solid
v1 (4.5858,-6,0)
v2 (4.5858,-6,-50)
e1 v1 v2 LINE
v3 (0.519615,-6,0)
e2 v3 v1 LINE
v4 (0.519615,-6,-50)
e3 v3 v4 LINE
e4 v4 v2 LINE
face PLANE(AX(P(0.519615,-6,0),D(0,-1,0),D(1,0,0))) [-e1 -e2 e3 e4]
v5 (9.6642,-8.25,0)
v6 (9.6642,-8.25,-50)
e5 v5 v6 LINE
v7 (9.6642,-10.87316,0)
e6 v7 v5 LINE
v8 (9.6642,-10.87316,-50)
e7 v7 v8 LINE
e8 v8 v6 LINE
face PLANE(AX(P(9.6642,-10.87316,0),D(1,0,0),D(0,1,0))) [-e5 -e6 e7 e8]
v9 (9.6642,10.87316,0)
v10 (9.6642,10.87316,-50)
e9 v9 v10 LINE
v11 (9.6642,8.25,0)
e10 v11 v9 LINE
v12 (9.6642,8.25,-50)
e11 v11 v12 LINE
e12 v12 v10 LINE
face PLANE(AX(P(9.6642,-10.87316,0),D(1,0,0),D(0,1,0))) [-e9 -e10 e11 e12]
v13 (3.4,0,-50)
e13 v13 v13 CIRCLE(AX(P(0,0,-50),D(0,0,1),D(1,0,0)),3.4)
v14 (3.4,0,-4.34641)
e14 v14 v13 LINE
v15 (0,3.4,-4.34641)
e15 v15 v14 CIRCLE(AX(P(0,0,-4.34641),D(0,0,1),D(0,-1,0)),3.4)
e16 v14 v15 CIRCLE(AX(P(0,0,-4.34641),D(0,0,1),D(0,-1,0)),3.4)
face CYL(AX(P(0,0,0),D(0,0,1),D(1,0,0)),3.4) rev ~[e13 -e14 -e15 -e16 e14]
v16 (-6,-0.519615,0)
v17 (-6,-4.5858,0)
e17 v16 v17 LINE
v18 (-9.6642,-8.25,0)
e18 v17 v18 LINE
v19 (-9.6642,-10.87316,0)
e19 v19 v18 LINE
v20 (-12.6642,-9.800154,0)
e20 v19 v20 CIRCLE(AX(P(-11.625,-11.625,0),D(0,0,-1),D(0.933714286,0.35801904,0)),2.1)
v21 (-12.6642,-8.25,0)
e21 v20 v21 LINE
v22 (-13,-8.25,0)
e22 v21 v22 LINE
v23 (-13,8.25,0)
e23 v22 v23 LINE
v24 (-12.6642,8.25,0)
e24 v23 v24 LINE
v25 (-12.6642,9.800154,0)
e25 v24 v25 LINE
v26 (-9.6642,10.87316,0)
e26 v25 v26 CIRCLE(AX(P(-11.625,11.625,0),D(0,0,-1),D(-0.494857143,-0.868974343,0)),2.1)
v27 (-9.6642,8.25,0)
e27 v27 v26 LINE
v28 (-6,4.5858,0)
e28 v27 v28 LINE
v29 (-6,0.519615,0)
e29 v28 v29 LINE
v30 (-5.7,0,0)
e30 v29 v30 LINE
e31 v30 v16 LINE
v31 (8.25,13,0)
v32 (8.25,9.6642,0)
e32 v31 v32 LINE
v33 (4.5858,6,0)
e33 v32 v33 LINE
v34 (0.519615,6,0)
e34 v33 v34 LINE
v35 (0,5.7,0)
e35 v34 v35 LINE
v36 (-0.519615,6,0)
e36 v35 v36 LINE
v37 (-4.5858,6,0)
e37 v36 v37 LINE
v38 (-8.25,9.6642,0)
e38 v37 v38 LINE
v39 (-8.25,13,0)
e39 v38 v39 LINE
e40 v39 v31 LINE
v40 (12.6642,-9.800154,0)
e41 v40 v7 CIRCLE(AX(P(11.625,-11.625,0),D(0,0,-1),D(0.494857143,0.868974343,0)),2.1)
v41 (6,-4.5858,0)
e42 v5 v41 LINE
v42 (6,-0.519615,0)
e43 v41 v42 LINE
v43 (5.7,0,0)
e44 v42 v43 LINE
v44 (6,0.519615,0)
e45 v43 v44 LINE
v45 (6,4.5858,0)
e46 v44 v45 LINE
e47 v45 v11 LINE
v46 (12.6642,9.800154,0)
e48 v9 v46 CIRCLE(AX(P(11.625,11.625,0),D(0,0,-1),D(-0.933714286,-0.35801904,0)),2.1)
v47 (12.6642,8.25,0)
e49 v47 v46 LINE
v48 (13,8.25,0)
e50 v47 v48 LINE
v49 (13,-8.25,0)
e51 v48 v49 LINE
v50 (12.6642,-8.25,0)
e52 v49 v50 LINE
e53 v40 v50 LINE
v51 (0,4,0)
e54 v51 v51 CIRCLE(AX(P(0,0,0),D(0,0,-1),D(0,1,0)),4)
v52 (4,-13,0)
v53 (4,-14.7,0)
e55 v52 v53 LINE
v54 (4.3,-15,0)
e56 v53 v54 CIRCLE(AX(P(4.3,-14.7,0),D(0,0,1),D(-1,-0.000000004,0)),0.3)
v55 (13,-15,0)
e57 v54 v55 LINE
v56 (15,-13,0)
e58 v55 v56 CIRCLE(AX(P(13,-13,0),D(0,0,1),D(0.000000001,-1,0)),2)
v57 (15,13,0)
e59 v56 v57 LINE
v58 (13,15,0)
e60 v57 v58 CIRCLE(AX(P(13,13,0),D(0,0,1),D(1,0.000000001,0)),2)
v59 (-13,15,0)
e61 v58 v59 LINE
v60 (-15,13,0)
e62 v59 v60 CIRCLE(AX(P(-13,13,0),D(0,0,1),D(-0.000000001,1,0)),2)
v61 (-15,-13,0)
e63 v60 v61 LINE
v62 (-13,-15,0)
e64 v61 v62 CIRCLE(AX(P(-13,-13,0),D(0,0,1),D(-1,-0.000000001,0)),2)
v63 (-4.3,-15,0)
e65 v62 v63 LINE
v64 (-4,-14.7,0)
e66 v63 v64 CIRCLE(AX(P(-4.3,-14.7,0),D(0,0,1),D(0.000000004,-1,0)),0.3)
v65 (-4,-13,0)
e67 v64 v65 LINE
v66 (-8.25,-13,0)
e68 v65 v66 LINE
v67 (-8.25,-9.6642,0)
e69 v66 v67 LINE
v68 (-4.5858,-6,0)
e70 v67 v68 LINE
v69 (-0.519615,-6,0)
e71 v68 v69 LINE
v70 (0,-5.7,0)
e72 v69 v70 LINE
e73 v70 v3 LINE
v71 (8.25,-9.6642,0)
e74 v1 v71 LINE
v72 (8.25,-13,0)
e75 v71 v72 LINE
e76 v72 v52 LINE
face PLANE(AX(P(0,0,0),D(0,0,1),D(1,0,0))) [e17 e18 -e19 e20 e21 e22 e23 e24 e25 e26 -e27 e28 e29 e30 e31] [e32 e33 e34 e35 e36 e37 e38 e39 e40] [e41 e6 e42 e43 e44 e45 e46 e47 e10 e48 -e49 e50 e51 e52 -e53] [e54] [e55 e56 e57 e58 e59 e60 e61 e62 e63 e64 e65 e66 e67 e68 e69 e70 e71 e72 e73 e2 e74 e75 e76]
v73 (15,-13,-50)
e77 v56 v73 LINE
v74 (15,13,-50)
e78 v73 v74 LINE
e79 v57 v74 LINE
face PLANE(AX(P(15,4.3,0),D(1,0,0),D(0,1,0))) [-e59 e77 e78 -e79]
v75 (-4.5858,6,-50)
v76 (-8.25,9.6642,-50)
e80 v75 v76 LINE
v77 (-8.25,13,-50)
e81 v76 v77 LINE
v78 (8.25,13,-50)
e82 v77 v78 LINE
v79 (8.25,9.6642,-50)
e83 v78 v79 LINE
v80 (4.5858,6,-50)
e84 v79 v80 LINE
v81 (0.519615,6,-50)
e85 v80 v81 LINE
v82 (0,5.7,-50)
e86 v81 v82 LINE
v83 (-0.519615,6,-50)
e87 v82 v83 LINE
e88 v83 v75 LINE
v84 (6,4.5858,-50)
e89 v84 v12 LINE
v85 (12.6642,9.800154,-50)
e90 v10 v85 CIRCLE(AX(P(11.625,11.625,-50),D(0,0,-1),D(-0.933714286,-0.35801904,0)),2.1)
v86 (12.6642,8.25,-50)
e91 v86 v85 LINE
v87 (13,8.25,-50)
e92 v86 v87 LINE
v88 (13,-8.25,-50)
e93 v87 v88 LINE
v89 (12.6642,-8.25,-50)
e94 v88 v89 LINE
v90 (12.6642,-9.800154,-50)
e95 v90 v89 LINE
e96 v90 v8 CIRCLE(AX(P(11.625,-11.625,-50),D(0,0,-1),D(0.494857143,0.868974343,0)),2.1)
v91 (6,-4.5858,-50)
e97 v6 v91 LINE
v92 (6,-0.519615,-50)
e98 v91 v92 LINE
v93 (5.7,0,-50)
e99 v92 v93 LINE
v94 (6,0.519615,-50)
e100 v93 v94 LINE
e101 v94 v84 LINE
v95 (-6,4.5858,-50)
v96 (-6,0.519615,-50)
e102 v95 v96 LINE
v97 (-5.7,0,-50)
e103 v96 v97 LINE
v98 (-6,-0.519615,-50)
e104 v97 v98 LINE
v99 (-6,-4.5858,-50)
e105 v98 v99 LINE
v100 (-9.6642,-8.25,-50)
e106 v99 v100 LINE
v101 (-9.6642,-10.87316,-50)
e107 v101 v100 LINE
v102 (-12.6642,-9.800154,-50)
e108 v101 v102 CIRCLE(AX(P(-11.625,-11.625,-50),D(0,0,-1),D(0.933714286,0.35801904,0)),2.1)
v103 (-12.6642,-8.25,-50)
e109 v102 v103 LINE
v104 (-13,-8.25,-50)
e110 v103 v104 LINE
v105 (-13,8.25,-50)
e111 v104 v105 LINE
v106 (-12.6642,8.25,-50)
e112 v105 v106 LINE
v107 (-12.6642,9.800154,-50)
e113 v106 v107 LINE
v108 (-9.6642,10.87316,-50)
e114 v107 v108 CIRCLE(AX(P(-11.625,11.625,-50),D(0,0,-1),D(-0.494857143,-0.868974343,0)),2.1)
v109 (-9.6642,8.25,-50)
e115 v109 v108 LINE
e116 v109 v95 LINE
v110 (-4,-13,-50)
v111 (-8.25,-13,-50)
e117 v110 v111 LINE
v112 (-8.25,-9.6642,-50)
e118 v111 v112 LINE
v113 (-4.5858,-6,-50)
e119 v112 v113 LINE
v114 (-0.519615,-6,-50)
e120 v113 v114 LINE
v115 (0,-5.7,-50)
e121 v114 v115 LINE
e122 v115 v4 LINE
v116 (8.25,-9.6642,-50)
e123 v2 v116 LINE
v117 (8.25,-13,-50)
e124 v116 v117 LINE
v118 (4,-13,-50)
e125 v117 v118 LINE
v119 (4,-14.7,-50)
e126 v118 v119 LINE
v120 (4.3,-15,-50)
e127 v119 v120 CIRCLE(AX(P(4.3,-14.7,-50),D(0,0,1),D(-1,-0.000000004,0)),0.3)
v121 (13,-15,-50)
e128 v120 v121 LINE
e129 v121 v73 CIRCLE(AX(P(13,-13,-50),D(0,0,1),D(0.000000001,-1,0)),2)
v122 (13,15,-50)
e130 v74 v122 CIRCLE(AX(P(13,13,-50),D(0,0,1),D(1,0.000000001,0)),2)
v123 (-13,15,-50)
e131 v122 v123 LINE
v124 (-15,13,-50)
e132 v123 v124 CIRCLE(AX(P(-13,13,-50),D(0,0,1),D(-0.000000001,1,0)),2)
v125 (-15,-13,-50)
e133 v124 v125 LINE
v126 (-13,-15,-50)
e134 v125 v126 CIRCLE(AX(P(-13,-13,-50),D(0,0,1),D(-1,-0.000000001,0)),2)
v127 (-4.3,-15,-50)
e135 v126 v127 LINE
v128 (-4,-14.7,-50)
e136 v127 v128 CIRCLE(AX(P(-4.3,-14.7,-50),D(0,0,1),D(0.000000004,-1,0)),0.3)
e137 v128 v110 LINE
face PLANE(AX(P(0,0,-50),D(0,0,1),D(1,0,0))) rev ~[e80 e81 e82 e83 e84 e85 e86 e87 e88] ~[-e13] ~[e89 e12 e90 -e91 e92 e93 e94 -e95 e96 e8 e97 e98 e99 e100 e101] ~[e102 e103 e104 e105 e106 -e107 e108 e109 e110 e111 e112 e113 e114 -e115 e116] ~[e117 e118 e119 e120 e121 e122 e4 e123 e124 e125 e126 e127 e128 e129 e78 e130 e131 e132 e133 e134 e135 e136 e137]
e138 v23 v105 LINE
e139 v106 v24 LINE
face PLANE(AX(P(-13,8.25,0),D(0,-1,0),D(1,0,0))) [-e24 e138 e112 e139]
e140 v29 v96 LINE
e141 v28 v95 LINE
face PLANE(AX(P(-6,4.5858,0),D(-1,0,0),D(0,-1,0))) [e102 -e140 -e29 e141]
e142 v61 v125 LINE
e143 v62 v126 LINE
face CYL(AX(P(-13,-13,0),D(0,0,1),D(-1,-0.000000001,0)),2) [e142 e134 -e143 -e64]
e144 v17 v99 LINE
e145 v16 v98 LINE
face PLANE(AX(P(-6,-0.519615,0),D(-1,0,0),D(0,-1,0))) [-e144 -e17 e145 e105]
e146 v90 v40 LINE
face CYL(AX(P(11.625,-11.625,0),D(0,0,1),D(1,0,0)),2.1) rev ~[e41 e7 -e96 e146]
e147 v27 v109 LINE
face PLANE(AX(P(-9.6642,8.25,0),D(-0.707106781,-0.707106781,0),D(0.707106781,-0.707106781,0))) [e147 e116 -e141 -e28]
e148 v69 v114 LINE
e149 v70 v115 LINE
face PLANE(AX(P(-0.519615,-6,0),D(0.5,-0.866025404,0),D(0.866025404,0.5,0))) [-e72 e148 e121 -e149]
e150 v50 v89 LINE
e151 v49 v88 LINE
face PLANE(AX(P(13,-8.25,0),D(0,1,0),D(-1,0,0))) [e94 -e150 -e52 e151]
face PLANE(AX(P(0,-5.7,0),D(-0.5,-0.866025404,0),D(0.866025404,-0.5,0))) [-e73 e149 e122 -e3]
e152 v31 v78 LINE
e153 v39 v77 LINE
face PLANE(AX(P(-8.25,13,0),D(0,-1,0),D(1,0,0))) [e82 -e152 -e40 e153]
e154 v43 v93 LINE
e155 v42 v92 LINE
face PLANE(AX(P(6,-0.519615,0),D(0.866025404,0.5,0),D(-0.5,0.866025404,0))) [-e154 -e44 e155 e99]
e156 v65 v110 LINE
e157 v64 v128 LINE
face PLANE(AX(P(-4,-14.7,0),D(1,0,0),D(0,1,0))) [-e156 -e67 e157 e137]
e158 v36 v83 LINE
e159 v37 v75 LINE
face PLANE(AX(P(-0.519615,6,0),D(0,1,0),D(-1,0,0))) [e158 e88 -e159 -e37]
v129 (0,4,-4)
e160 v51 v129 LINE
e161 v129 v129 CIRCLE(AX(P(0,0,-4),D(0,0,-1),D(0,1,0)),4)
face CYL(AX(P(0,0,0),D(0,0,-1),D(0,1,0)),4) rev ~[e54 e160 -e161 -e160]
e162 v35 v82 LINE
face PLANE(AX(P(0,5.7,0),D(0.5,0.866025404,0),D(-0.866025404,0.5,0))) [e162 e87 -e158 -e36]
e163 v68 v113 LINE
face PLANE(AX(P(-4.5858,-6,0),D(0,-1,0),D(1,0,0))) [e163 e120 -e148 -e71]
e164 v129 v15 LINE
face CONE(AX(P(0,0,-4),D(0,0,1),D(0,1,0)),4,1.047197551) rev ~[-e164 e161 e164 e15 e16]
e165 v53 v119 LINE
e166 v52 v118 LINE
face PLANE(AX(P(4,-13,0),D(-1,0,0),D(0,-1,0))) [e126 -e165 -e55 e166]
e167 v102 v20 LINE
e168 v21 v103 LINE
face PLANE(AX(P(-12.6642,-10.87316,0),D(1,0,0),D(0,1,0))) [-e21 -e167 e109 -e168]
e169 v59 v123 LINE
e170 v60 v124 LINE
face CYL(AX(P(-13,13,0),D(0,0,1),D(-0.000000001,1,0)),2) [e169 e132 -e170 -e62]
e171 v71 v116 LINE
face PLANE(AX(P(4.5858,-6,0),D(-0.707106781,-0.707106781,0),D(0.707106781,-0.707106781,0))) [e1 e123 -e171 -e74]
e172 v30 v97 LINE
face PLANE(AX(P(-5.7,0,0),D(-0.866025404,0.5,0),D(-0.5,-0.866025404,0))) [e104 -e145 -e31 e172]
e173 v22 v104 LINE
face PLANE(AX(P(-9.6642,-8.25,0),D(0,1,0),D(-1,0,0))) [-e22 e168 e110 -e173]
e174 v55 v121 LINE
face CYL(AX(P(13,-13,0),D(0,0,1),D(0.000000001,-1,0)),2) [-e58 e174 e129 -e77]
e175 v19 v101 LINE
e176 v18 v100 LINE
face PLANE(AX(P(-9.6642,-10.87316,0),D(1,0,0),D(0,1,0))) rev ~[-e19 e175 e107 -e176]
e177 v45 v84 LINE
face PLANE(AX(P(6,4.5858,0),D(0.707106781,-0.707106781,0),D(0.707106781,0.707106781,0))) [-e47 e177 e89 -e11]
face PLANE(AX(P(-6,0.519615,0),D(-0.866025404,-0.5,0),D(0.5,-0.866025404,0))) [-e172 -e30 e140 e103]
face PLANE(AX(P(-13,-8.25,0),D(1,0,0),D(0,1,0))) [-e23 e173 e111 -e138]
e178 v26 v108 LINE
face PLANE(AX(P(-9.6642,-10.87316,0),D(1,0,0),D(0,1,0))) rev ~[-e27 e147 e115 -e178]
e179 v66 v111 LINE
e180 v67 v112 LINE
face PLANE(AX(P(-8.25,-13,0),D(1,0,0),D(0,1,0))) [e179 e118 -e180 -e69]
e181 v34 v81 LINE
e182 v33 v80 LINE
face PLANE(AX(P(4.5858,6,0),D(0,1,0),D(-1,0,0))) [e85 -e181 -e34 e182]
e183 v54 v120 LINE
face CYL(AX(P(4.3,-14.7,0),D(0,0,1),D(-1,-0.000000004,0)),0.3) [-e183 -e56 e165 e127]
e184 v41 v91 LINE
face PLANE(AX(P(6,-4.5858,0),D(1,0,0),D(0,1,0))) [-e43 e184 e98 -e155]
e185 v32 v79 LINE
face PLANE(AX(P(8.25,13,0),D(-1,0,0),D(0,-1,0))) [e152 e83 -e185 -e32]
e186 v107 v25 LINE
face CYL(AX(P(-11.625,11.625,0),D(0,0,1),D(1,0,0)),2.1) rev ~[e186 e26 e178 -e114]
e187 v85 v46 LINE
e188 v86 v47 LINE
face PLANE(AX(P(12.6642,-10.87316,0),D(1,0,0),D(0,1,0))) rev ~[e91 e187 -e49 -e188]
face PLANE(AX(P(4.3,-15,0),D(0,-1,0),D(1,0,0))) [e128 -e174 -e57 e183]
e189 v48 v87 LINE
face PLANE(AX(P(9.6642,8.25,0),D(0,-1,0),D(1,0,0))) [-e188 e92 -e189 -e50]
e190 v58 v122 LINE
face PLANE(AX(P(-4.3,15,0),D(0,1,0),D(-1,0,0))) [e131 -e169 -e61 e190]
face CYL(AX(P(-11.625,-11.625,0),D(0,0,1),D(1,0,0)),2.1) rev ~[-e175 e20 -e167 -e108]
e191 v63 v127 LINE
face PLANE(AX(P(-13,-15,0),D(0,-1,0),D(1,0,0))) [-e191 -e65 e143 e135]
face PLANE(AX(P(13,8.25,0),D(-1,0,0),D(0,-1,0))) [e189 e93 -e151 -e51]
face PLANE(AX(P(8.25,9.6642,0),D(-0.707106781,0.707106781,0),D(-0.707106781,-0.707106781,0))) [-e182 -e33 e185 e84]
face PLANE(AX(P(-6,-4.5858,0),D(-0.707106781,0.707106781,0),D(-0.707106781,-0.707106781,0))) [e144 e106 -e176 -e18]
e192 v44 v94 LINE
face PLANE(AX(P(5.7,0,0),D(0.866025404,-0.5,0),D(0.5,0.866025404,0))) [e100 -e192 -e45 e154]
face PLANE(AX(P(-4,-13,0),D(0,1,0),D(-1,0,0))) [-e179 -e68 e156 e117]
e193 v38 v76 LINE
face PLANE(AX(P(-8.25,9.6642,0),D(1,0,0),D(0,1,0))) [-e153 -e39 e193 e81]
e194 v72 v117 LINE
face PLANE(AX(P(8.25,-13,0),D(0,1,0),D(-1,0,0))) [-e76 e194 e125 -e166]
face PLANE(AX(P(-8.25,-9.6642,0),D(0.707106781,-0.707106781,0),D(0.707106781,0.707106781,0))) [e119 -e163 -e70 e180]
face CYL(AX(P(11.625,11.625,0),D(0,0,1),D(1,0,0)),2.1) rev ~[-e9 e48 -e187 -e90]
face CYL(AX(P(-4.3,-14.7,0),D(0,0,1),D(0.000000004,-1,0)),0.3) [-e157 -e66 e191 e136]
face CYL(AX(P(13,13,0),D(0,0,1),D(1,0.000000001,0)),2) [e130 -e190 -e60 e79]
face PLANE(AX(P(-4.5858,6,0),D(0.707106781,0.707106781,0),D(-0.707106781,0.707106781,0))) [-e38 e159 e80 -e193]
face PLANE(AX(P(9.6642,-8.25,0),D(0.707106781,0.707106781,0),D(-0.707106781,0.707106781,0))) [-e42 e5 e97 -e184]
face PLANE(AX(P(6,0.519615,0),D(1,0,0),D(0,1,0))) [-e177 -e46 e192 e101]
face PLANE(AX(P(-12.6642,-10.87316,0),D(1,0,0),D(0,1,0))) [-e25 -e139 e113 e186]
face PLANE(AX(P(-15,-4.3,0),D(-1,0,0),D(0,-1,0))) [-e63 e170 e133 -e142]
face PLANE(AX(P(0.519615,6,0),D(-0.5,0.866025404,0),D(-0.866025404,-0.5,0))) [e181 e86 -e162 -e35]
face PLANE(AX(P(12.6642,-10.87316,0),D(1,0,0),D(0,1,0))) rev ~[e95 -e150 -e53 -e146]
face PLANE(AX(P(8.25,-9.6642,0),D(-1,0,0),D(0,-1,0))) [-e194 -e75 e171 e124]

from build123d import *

# Parameters (mm, degrees)
SKETCH1_R           = 2.1
SKETCH1_R_2         = 3.4
BOSS_EXTRUDE1_DEPTH = 50
SKETCH3_W           = 2
SKETCH3_H           = 9.175206629
SKETCH3_W_2         = 11.07645362
SKETCH3_H_2         = 2
SKETCH3_H_3         = 11.915453224
BOSS_EXTRUDE2_DEPTH = 50
SKETCH4_W           = 3
SKETCH4_H           = 21.746320034
CUT_EXTRUDE1_DEPTH  = 51


with BuildPart() as part:
    # Sketch1 → Boss-Extrude1 (new body)
    with BuildSketch(Plane.XY):
        with BuildLine():
            Line((-15, 13), (-15, 4.3))
            ThreePointArc((-15, 4.3), (-14.912132034, 4.087867966), (-14.7, 4))
            Line((-14.7, 4), (-13, 4))
            Line((-13, 4), (-13, 8.25))
            Line((-13, 8.25), (-9.6642, 8.25))
            Line((-9.6642, 8.25), (-6, 4.5858))
            Line((-6, 4.5858), (-6, 0.519615242))
            Line((-6, 0.519615242), (-5.7, 0))
            Line((-5.7, 0), (-6, -0.519615242))
            Line((-6, -0.519615242), (-6, -4.5858))
            Line((-6, -4.5858), (-9.6642, -8.25))
            Line((-9.6642, -8.25), (-13, -8.25))
            Line((-13, -8.25), (-13, -4))
            Line((-13, -4), (-14.7, -4))
            ThreePointArc((-14.7, -4), (-14.912132034, -4.087867966), (-15, -4.3))
            Line((-15, -4.3), (-15, -13))
            ThreePointArc((-15, -13), (-14.414213562, -14.414213562), (-13, -15))
            Line((-13, -15), (-4.3, -15))
            ThreePointArc((-4.3, -15), (-4.087867966, -14.912132034), (-4, -14.7))
            Line((-4, -14.7), (-4, -13))
            Line((-4, -13), (-8.25, -13))
            Line((-8.25, -13), (-8.25, -9.6642))
            Line((-8.25, -9.6642), (-4.5858, -6))
            Line((-4.5858, -6), (-0.519615242, -6))
            Line((-0.519615242, -6), (0, -5.7))
            Line((0, -5.7), (0.519615242, -6))
            Line((0.519615242, -6), (4.5858, -6))
            Line((4.5858, -6), (8.25, -9.6642))
            Line((8.25, -9.6642), (8.25, -13))
            Line((8.25, -13), (4, -13))
            Line((4, -13), (4, -14.7))
            ThreePointArc((4, -14.7), (4.087867966, -14.912132034), (4.3, -15))
            Line((4.3, -15), (13, -15))
            ThreePointArc((13, -15), (14.414213562, -14.414213562), (15, -13))
            Line((15, -13), (15, -4.3))
            ThreePointArc((15, -4.3), (14.912132034, -4.087867966), (14.7, -4))
            Line((14.7, -4), (13, -4))
            Line((13, -4), (13, -8.25))
            Line((13, -8.25), (9.6642, -8.25))
            Line((9.6642, -8.25), (6, -4.5858))
            Line((6, -4.5858), (6, -0.519615242))
            Line((6, -0.519615242), (5.7, 0))
            Line((5.7, 0), (6, 0.519615242))
            Line((6, 0.519615242), (6, 4.5858))
            Line((6, 4.5858), (9.6642, 8.25))
            Line((9.6642, 8.25), (13, 8.25))
            Line((13, 8.25), (13, 4))
            Line((13, 4), (14.7, 4))
            ThreePointArc((14.7, 4), (14.912132034, 4.087867966), (15, 4.3))
            Line((15, 4.3), (15, 13))
            ThreePointArc((15, 13), (14.414213562, 14.414213562), (13, 15))
            Line((13, 15), (4.3, 15))
            ThreePointArc((4.3, 15), (4.087867966, 14.912132034), (4, 14.7))
            Line((4, 14.7), (4, 13))
            Line((4, 13), (8.25, 13))
            Line((8.25, 13), (8.25, 9.6642))
            Line((8.25, 9.6642), (4.5858, 6))
            Line((4.5858, 6), (0.519615242, 6))
            Line((0.519615242, 6), (0, 5.7))
            Line((0, 5.7), (-0.519615242, 6))
            Line((-0.519615242, 6), (-4.5858, 6))
            Line((-4.5858, 6), (-8.25, 9.6642))
            Line((-8.25, 9.6642), (-8.25, 13))
            Line((-8.25, 13), (-4, 13))
            Line((-4, 13), (-4, 14.7))
            ThreePointArc((-4, 14.7), (-4.087867966, 14.912132034), (-4.3, 15))
            Line((-4.3, 15), (-13, 15))
            ThreePointArc((-13, 15), (-14.414213562, 14.414213562), (-15, 13))
        make_face()
        with Locations((11.625, -11.625)):
            Circle(SKETCH1_R, mode=Mode.SUBTRACT)
        with Locations((11.625, 11.625)):
            Circle(SKETCH1_R, mode=Mode.SUBTRACT)
        Circle(SKETCH1_R_2, mode=Mode.SUBTRACT)
        with Locations((-11.625, -11.625)):
            Circle(SKETCH1_R, mode=Mode.SUBTRACT)
        with Locations((-11.625, 11.625)):
            Circle(SKETCH1_R, mode=Mode.SUBTRACT)
    extrude(amount=-BOSS_EXTRUDE1_DEPTH)

    # Sketch2 → Cut-Revolve1 (revolve, cut)
    with BuildSketch(Plane(origin=(0, 0, 0), x_dir=(-1, 0, 0), z_dir=(0, 1, 0))):
        Polygon((0, -28.31882362), (-3.3235, -26.4), (-3.3235, -0.6765), (-4, 0), (0, 0), align=None)
    revolve(axis=Axis((0, 0, 0), (0, 0, -1)), mode=Mode.SUBTRACT)

    # Sketch3 → Boss-Extrude2 (add)
    with BuildSketch(Plane.XY):
        with Locations((-14, -0.287603314)):
            Rectangle(SKETCH3_W, SKETCH3_H)
        with Locations((-0.643781897, 14)):
            Rectangle(SKETCH3_W_2, SKETCH3_H_2)
        with Locations((14, -0.392977161)):
            Rectangle(SKETCH3_W, SKETCH3_H_3)
    extrude(amount=-BOSS_EXTRUDE2_DEPTH)

    # Sketch4 → Cut-Extrude1 (cut, through all)
    with BuildSketch(Plane.XY):
        with Locations((11.1642, 0)):
            Rectangle(SKETCH4_W, SKETCH4_H)
        with Locations((-11.1642, 0)):
            Rectangle(SKETCH4_W, SKETCH4_H)
    extrude(amount=-CUT_EXTRUDE1_DEPTH, mode=Mode.SUBTRACT)

    # Sketch5 → Cut-Revolve5 (revolve, cut)
    with BuildSketch(Plane(origin=(0, 0, 0), x_dir=(0, 0, -1), z_dir=(1, 0, 0))):
        Polygon((0, 0), (0, 4), (4, 4), (6.309401077, 0), align=None)
    revolve(axis=Axis((0, 0, 0), (0, 0, -1)), mode=Mode.SUBTRACT)


solid = part.part
